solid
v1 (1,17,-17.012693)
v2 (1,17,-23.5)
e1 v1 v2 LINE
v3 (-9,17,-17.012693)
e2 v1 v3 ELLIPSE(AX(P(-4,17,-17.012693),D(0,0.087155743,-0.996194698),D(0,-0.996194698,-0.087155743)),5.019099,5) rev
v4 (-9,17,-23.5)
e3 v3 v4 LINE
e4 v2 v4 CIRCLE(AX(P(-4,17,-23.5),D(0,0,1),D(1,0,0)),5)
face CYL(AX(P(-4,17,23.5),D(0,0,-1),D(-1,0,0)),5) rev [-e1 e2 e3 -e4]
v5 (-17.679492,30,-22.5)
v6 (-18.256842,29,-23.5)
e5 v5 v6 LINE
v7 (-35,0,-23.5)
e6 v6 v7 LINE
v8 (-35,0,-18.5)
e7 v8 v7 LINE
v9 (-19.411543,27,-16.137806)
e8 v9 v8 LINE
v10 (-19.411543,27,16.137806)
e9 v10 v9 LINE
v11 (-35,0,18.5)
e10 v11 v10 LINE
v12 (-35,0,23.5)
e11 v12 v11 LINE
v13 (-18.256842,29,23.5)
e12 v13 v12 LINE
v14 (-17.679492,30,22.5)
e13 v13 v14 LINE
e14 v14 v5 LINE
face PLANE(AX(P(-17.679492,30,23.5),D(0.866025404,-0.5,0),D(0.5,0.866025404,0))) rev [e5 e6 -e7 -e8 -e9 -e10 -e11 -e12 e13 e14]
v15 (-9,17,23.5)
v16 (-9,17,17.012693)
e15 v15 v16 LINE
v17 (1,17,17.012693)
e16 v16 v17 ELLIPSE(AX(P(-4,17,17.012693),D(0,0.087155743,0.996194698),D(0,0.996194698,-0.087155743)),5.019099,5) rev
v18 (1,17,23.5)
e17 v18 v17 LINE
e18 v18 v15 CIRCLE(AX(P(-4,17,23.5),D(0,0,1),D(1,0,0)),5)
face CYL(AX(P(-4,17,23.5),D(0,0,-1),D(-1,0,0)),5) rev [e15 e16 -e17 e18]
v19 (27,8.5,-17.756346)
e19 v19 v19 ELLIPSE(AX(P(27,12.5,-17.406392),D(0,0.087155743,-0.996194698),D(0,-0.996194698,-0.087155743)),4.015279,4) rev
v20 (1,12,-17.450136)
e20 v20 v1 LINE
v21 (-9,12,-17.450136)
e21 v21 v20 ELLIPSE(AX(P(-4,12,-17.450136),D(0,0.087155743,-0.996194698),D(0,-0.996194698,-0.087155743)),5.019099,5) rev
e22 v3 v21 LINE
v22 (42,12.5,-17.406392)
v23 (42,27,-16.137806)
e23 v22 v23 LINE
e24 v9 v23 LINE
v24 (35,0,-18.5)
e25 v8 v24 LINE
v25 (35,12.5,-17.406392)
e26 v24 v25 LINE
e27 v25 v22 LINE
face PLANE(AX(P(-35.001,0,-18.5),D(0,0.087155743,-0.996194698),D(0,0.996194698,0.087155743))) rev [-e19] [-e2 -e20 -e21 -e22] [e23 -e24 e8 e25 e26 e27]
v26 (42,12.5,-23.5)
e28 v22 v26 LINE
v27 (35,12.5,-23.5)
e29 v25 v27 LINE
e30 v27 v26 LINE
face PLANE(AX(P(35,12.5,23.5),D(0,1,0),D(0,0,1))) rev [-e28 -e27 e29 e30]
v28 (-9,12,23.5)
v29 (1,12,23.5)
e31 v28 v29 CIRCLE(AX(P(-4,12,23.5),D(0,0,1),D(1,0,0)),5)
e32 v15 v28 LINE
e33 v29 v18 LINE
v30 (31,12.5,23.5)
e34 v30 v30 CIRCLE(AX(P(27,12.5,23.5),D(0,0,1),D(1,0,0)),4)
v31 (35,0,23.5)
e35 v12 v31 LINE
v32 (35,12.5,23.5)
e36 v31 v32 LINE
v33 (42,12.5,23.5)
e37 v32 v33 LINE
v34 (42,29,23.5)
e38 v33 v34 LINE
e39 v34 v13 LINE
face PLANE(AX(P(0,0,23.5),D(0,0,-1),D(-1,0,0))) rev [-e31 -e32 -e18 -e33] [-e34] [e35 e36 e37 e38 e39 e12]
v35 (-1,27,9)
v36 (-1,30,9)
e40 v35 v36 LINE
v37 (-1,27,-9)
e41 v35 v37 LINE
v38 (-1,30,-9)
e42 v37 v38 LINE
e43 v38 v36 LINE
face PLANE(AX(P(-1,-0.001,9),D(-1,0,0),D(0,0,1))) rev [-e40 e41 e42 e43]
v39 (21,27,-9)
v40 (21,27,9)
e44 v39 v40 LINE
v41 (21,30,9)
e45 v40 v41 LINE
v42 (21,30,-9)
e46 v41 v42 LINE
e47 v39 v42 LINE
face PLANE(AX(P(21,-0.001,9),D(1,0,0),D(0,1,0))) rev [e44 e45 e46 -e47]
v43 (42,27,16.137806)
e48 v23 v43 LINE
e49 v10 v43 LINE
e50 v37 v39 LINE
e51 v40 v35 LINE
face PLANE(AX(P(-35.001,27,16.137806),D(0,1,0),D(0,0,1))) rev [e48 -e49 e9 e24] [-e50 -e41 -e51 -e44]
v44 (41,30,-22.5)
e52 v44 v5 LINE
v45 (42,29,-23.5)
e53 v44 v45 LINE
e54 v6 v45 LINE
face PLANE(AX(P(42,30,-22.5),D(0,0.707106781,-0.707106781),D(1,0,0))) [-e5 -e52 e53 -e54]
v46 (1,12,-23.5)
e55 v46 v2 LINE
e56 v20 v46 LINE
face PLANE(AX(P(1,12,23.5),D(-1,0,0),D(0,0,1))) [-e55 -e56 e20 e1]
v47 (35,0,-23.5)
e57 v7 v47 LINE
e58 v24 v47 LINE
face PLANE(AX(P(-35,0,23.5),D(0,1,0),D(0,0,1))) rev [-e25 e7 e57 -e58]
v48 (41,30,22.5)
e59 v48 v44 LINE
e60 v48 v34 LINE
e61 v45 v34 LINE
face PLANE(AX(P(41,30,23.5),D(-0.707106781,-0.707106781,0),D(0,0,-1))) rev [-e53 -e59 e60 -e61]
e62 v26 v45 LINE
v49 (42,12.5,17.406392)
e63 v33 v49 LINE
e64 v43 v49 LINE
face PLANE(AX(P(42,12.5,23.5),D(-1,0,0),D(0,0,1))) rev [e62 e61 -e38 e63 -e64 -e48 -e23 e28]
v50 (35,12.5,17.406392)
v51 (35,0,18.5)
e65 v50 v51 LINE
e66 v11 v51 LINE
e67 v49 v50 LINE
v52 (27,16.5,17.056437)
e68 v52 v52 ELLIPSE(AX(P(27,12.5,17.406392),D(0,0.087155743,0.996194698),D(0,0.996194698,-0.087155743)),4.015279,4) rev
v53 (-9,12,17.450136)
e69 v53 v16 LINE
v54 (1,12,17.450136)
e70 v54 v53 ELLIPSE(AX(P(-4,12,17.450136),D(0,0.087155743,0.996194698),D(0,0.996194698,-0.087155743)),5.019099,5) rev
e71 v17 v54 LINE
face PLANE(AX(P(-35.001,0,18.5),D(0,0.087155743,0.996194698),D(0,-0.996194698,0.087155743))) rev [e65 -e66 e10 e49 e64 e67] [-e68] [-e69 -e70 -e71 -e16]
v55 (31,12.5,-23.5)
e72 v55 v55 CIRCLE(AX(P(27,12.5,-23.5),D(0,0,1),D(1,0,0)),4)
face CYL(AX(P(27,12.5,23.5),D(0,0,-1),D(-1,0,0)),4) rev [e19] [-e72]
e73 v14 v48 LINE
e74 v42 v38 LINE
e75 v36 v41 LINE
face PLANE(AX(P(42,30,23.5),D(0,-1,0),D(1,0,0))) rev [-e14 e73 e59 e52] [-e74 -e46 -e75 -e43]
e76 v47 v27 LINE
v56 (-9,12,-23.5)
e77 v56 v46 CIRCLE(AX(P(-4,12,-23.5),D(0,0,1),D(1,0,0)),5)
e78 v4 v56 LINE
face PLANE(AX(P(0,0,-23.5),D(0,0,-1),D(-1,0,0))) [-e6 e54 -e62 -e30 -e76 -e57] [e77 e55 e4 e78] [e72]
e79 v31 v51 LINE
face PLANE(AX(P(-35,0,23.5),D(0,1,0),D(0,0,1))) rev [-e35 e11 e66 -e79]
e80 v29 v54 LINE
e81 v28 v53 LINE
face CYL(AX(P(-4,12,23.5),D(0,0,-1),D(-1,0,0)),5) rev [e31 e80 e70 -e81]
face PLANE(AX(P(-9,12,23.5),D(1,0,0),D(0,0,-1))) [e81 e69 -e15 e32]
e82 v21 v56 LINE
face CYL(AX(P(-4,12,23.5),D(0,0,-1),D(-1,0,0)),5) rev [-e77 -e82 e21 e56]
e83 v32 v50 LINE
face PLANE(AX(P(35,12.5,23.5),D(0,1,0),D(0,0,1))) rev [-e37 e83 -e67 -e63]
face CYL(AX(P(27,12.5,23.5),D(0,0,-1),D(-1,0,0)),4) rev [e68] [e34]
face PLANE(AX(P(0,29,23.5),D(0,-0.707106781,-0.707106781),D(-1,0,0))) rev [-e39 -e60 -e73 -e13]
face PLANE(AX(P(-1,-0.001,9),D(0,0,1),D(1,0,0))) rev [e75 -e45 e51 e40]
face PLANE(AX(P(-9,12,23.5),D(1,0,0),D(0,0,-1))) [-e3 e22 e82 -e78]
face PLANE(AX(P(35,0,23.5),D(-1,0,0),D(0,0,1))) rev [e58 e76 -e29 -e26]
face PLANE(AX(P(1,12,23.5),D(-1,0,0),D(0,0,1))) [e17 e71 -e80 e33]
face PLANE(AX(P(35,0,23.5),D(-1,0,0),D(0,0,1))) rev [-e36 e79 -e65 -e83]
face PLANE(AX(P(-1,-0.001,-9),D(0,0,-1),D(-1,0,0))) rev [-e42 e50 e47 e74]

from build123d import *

# Parameters (mm, degrees)
SKETCH1_R           = 4
BOSS_EXTRUDE1_DEPTH = 23.5
CUT_EXTRUDE1_REACH  = 87.914
CUT_EXTRUDE2_REACH  = 58.712
SKETCH3_W           = 22
SKETCH3_H           = 18
CHAMFER1_SIZE       = 1


with BuildPart() as part:
    # Sketch1 → Boss-Extrude1 (new, symmetric)
    with BuildSketch(Plane.XY):
        Polygon((-35, 0), (35, 0), (35, 12.5), (42, 12.5), (42, 30), (-17.679491924, 30), align=None)
        with Locations((27, 12.5)):
            Circle(SKETCH1_R, mode=Mode.SUBTRACT)
        with BuildLine():
            Line((-9, 12), (-9, 17))
            ThreePointArc((-9, 17), (-4, 22), (1, 17))
            Line((1, 17), (1, 12))
            ThreePointArc((1, 12), (-4, 7), (-9, 12))
        make_face(mode=Mode.SUBTRACT)
    extrude(amount=BOSS_EXTRUDE1_DEPTH, both=True)

    # Sketch2 → Cut-Extrude1 (cut, up to next)
    with BuildSketch(Plane(origin=(42, 0, 0), x_dir=(0, 0, -1), z_dir=(1, 0, 0)), mode=Mode.PRIVATE) as cut_extrude1_sk1:
        Polygon((-18.5, 0), (18.5, 0), (16.137806085, 27), (-16.137806085, 27), align=None)
    cut_extrude1_tool1 = extrude(cut_extrude1_sk1.sketch, amount=-CUT_EXTRUDE1_REACH, mode=Mode.PRIVATE) & part.part
    add(cut_extrude1_tool1.solids().sort_by_distance((42, 13.193114, 0))[0], mode=Mode.SUBTRACT)

    # Sketch3 → Cut-Extrude2 (cut, up to next)
    with BuildSketch(Plane(origin=(0, 30, 0), x_dir=(1, 0, 0), z_dir=(0, 1, 0)), mode=Mode.PRIVATE) as cut_extrude2_sk1:
        with Locations((10, 0)):
            Rectangle(SKETCH3_W, SKETCH3_H)
    cut_extrude2_tool1 = extrude(cut_extrude2_sk1.sketch, amount=-CUT_EXTRUDE2_REACH, mode=Mode.PRIVATE) & part.part
    add(cut_extrude2_tool1.solids().sort_by_distance((10, 30, 0))[0], mode=Mode.SUBTRACT)

    # Chamfer1
    chamfer1_edges = [part.edges().sort_by_distance(p)[0] for p in [
        (42, 30, 0),
        (12.160254038, 30, 23.5),
        (12.160254038, 30, -23.5),
    ]]
    chamfer(chamfer1_edges, length=CHAMFER1_SIZE)


solid = part.part
